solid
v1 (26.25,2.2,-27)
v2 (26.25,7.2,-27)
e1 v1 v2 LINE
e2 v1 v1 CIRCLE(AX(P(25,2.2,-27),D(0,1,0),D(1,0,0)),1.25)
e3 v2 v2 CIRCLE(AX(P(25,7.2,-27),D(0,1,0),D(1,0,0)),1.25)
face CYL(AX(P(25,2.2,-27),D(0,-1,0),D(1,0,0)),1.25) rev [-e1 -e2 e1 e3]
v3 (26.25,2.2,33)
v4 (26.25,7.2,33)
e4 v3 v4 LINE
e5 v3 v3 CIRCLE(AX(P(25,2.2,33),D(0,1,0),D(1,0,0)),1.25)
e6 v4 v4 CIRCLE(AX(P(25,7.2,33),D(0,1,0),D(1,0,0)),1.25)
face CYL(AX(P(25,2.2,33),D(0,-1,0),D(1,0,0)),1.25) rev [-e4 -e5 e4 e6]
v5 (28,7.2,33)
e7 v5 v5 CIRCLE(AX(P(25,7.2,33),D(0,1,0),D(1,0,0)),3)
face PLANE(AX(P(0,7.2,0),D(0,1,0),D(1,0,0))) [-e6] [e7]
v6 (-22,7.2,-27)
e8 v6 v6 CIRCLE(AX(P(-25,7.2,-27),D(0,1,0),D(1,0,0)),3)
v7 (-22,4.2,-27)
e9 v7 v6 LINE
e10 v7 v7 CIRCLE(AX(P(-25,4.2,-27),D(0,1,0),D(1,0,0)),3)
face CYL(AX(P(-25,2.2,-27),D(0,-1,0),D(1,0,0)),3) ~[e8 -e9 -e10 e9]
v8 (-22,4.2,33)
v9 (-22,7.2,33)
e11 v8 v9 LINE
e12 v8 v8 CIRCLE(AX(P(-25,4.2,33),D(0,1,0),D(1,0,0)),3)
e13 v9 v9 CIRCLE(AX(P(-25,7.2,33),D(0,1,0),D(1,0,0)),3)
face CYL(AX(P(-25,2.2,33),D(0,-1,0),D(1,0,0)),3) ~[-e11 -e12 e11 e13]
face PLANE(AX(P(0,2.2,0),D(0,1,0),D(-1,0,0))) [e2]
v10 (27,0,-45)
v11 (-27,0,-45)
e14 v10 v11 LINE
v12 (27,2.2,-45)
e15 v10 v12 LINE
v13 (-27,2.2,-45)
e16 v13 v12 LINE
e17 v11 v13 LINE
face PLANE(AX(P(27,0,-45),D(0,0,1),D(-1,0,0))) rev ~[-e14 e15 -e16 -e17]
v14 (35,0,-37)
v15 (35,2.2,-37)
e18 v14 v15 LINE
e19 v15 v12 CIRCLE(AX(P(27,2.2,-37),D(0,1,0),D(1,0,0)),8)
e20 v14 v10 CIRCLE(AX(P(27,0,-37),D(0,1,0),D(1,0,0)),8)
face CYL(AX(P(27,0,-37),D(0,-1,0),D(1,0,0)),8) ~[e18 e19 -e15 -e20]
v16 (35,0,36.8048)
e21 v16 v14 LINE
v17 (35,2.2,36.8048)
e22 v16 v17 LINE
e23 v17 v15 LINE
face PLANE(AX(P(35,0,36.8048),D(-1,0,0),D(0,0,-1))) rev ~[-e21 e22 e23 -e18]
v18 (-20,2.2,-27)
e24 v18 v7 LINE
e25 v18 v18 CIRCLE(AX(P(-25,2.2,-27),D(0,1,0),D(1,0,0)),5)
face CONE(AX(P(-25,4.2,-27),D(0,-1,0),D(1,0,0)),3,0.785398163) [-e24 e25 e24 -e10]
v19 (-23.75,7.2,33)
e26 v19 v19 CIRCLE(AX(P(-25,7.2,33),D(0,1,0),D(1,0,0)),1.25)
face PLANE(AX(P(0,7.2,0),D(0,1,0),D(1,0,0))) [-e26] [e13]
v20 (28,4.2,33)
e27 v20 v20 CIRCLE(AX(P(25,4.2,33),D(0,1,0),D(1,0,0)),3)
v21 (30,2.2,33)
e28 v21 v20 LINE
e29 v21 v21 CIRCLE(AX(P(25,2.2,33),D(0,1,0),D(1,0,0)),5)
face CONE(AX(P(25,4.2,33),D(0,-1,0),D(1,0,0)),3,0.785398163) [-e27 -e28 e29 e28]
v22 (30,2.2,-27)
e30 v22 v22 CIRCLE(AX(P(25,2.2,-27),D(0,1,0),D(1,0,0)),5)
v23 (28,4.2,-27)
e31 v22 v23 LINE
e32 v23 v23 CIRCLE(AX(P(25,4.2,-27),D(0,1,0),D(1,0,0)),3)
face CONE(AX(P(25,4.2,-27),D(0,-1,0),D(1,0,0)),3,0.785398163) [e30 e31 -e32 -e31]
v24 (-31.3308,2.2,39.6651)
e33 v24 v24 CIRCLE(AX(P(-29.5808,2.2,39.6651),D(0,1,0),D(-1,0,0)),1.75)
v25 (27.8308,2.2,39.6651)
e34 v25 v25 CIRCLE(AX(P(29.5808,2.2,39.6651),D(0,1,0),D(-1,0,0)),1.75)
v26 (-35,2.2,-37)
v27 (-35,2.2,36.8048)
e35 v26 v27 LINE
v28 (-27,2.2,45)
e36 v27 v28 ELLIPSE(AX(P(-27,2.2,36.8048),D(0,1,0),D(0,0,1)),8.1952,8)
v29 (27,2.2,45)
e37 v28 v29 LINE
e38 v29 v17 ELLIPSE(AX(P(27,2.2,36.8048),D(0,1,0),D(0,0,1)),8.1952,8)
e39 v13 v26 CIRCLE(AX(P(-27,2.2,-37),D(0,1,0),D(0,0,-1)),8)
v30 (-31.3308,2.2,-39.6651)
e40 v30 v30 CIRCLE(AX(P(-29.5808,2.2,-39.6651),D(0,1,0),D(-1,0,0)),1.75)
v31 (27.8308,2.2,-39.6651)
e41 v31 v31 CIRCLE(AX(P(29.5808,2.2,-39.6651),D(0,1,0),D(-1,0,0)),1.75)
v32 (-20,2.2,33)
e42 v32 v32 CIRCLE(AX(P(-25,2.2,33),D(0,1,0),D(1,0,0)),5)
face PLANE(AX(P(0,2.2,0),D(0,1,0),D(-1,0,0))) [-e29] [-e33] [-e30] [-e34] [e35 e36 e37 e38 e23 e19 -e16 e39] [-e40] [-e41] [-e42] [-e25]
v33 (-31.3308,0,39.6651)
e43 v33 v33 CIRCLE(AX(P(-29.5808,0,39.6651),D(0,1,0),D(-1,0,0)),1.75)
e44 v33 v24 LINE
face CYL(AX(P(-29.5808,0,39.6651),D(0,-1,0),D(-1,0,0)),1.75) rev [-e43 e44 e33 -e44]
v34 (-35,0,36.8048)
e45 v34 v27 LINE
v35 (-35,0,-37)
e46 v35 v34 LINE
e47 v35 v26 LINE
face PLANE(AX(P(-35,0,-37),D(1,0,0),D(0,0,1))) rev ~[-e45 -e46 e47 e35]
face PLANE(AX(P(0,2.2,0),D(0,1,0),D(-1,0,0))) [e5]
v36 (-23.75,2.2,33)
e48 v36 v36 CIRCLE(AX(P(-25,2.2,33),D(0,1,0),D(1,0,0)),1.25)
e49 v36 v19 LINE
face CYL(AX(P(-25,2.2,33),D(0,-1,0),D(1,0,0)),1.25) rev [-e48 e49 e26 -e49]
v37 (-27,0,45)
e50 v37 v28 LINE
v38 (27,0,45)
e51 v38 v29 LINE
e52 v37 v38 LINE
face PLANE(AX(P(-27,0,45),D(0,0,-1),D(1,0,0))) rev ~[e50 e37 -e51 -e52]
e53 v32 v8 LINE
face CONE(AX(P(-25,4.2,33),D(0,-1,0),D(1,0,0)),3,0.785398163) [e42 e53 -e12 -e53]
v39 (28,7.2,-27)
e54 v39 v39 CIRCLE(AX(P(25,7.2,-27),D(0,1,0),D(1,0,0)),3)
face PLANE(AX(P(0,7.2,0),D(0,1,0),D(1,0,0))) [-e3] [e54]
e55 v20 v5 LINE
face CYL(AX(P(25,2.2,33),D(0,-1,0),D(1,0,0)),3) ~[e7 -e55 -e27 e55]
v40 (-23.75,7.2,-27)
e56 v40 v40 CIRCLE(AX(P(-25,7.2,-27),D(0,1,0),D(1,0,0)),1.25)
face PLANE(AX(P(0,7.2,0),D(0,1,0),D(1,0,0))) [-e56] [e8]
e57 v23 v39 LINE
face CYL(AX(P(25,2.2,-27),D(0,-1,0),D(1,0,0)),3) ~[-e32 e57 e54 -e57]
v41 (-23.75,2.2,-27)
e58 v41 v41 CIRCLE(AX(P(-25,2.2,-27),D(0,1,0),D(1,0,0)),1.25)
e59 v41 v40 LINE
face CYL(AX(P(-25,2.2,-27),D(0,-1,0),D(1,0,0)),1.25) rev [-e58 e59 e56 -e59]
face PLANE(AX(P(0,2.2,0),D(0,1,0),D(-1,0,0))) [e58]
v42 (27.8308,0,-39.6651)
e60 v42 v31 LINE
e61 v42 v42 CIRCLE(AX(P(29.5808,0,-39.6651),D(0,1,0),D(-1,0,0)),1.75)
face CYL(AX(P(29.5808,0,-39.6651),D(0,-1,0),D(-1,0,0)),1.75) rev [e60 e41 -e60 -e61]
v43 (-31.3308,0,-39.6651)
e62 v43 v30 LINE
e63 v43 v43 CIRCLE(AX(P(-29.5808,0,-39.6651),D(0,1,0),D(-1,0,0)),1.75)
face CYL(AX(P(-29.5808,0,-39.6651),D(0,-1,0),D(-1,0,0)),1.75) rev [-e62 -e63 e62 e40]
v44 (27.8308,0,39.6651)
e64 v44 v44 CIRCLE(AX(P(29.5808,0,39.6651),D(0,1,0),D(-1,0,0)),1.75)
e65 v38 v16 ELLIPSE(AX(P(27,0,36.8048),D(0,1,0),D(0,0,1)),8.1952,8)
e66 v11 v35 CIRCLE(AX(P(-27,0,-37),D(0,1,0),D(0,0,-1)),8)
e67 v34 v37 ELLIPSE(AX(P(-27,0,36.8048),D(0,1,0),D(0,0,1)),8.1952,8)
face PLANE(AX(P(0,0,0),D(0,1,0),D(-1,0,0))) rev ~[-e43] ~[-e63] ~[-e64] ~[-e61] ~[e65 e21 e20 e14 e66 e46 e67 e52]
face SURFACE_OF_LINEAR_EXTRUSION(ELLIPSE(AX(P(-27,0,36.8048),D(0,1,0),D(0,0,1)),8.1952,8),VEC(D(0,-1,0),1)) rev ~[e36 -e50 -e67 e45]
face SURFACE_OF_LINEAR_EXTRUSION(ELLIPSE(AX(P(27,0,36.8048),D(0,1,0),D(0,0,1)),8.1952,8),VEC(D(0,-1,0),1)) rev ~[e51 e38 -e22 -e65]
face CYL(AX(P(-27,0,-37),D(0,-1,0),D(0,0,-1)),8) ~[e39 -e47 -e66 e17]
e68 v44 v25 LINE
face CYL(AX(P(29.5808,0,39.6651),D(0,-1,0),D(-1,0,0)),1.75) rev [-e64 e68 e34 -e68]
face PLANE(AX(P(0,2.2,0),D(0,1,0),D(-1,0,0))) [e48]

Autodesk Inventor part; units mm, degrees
ref_plane "YZ Plane" through (0, 0, 0) normal (1, 0, 0) x (0, 1, 0)
ref_plane "XZ Plane" through (0, 0, 0) normal (0, 1, 0) x (-1, 0, 0)
ref_plane "XY Plane" through (0, 0, 0) normal (0, 0, 1) x (1, 0, 0)
sketch "Sketch1" plane through (0, 0, 0) normal (0, 1, 0) x (-1, 0, 0)
  circle A0 centre (29.5808, -39.6651) radius 1.75
  circle A1 centre (-29.5808, 39.6651) radius 1.75
  circle A2 centre (29.5808, 39.6651) radius 1.75
  circle A3 centre (-29.5808, -39.6651) radius 1.75
  line L0 (-27, -45) -> (27, -45)
  arc A4 (27, -45) -> (35, -37) centre (27, -37) ccw
  line L1 (35, -37) -> (35, 36.8048)
  ellipse E0 centre (27, 36.8048) end of major axis (27, 45) minor radius 8 (35, 36.8048) -> (27, 45) ccw
  line L2 (27, 45) -> (-27, 45)
  ellipse E1 centre (-27, 36.8048) end of major axis (-27, 45) minor radius 8 (-27, 45) -> (-35, 36.8048) ccw
  line L3 (-35, 36.8048) -> (-35, -37)
  arc A5 (-35, -37) -> (-27, -45) centre (-27, -37) ccw
  line L4 (22.5, -42.5) -> (-22.5, -42.5)
  arc A6 (-24.2843, -42.3395) -> (-22.5, -42.5) centre (-22.5, -32.5) ccw
  arc A7 (-24.2843, -42.3395) -> (-32.4877, -32.9952) centre (-33.2764, -41.9606) ccw
  arc A8 (-32.5, -32.5) -> (-32.4877, -32.9952) centre (-22.5, -32.5) ccw
  line L5 (-32.5, -32.5) -> (-32.5, 32.2561)
  ellipse E2 centre (-22.5, 32.2561) end of major axis (-22.5, 42.5) minor radius 10 (-32.4132, 33.603) -> (-32.5, 32.2561) ccw
  arc A9 (-32.4132, 33.603) -> (-23.6584, 42.431) centre (-32.6569, 42.5997) ccw
  ellipse E3 centre (-22.5, 32.2561) end of major axis (-22.5, 42.5) minor radius 10 (-22.5, 42.5) -> (-23.6584, 42.431) ccw
  line L6 (-22.5, 42.5) -> (22.5, 42.5)
  ellipse E4 centre (22.5, 32.2561) end of major axis (22.5, 42.5) minor radius 10 (23.6584, 42.431) -> (22.5, 42.5) ccw
  arc A10 (23.6584, 42.431) -> (32.4132, 33.603) centre (32.6569, 42.5997) ccw
  ellipse E5 centre (22.5, 32.2561) end of major axis (22.5, 42.5) minor radius 10 (32.5, 32.2561) -> (32.4132, 33.603) ccw
  line L7 (32.5, 32.2561) -> (32.5, -32.5)
  arc A11 (32.4877, -32.9952) -> (32.5, -32.5) centre (22.5, -32.5) ccw
  arc A12 (32.4877, -32.9952) -> (24.2843, -42.3395) centre (33.2764, -41.9606) ccw
  arc A13 (22.5, -42.5) -> (24.2843, -42.3395) centre (22.5, -32.5) ccw
  line L8 (-19.7694, -45) -> (13.1764, -45)
  point P0 (0, 0)
  point P1 (0, 0)
extrude "Extrusion1" add sketch "Sketch1" along normal blind 2.2 contours A5 L3 E1 L2 E0 L1 A4 L0 | L4 A6 A7 A8 L5 E2 A9 E3 L6 E4 A10 E5 L7 A11 A12 A13
sketch "Sketch2" plane through (0, 2.2, 0) normal (0, 1, 0) x (1, 0, 0)
  line L0 (27, 45) -> (-27, 45) projected
  circle A0 centre (-25, 27) radius 1.25
  circle A1 centre (-25, 27) radius 3
  circle A2 centre (25, 27) radius 3
  circle A3 centre (25, 27) radius 1.25
  circle A4 centre (25, -33) radius 3
  circle A5 centre (25, -33) radius 1.25
  circle A6 centre (-25, -33) radius 3
  circle A7 centre (-25, -33) radius 1.25
  line L1 (-27, -45) -> (27, -45) projected
  point P0 (0, 0)
  point P1 (0, 0)
  point P2 (0, -5)
  dimension "d5" = 2.5
  dimension "d6" = 6
  dimension "d7" = 2.5
  dimension "d8" = 6
  dimension "d9" = 2.5
  dimension "d10" = 6
  dimension "d11" = 2.5
  dimension "d12" = 6
  dimension "d21" = 12
  dimension "d22" = 12
  dimension "d23" = 18
  dimension "d24" = 18
extrude "Extrusion2" add sketch "Sketch2" along normal blind 5
chamfer "Chamfer1" distance 2 angle 45 4 edges at (-28, 2.2, 33) (22, 2.2, 33) (-28, 2.2, -27) (22, 2.2, -27)
properties part number "obudowa - budzik v4 dol dol"
